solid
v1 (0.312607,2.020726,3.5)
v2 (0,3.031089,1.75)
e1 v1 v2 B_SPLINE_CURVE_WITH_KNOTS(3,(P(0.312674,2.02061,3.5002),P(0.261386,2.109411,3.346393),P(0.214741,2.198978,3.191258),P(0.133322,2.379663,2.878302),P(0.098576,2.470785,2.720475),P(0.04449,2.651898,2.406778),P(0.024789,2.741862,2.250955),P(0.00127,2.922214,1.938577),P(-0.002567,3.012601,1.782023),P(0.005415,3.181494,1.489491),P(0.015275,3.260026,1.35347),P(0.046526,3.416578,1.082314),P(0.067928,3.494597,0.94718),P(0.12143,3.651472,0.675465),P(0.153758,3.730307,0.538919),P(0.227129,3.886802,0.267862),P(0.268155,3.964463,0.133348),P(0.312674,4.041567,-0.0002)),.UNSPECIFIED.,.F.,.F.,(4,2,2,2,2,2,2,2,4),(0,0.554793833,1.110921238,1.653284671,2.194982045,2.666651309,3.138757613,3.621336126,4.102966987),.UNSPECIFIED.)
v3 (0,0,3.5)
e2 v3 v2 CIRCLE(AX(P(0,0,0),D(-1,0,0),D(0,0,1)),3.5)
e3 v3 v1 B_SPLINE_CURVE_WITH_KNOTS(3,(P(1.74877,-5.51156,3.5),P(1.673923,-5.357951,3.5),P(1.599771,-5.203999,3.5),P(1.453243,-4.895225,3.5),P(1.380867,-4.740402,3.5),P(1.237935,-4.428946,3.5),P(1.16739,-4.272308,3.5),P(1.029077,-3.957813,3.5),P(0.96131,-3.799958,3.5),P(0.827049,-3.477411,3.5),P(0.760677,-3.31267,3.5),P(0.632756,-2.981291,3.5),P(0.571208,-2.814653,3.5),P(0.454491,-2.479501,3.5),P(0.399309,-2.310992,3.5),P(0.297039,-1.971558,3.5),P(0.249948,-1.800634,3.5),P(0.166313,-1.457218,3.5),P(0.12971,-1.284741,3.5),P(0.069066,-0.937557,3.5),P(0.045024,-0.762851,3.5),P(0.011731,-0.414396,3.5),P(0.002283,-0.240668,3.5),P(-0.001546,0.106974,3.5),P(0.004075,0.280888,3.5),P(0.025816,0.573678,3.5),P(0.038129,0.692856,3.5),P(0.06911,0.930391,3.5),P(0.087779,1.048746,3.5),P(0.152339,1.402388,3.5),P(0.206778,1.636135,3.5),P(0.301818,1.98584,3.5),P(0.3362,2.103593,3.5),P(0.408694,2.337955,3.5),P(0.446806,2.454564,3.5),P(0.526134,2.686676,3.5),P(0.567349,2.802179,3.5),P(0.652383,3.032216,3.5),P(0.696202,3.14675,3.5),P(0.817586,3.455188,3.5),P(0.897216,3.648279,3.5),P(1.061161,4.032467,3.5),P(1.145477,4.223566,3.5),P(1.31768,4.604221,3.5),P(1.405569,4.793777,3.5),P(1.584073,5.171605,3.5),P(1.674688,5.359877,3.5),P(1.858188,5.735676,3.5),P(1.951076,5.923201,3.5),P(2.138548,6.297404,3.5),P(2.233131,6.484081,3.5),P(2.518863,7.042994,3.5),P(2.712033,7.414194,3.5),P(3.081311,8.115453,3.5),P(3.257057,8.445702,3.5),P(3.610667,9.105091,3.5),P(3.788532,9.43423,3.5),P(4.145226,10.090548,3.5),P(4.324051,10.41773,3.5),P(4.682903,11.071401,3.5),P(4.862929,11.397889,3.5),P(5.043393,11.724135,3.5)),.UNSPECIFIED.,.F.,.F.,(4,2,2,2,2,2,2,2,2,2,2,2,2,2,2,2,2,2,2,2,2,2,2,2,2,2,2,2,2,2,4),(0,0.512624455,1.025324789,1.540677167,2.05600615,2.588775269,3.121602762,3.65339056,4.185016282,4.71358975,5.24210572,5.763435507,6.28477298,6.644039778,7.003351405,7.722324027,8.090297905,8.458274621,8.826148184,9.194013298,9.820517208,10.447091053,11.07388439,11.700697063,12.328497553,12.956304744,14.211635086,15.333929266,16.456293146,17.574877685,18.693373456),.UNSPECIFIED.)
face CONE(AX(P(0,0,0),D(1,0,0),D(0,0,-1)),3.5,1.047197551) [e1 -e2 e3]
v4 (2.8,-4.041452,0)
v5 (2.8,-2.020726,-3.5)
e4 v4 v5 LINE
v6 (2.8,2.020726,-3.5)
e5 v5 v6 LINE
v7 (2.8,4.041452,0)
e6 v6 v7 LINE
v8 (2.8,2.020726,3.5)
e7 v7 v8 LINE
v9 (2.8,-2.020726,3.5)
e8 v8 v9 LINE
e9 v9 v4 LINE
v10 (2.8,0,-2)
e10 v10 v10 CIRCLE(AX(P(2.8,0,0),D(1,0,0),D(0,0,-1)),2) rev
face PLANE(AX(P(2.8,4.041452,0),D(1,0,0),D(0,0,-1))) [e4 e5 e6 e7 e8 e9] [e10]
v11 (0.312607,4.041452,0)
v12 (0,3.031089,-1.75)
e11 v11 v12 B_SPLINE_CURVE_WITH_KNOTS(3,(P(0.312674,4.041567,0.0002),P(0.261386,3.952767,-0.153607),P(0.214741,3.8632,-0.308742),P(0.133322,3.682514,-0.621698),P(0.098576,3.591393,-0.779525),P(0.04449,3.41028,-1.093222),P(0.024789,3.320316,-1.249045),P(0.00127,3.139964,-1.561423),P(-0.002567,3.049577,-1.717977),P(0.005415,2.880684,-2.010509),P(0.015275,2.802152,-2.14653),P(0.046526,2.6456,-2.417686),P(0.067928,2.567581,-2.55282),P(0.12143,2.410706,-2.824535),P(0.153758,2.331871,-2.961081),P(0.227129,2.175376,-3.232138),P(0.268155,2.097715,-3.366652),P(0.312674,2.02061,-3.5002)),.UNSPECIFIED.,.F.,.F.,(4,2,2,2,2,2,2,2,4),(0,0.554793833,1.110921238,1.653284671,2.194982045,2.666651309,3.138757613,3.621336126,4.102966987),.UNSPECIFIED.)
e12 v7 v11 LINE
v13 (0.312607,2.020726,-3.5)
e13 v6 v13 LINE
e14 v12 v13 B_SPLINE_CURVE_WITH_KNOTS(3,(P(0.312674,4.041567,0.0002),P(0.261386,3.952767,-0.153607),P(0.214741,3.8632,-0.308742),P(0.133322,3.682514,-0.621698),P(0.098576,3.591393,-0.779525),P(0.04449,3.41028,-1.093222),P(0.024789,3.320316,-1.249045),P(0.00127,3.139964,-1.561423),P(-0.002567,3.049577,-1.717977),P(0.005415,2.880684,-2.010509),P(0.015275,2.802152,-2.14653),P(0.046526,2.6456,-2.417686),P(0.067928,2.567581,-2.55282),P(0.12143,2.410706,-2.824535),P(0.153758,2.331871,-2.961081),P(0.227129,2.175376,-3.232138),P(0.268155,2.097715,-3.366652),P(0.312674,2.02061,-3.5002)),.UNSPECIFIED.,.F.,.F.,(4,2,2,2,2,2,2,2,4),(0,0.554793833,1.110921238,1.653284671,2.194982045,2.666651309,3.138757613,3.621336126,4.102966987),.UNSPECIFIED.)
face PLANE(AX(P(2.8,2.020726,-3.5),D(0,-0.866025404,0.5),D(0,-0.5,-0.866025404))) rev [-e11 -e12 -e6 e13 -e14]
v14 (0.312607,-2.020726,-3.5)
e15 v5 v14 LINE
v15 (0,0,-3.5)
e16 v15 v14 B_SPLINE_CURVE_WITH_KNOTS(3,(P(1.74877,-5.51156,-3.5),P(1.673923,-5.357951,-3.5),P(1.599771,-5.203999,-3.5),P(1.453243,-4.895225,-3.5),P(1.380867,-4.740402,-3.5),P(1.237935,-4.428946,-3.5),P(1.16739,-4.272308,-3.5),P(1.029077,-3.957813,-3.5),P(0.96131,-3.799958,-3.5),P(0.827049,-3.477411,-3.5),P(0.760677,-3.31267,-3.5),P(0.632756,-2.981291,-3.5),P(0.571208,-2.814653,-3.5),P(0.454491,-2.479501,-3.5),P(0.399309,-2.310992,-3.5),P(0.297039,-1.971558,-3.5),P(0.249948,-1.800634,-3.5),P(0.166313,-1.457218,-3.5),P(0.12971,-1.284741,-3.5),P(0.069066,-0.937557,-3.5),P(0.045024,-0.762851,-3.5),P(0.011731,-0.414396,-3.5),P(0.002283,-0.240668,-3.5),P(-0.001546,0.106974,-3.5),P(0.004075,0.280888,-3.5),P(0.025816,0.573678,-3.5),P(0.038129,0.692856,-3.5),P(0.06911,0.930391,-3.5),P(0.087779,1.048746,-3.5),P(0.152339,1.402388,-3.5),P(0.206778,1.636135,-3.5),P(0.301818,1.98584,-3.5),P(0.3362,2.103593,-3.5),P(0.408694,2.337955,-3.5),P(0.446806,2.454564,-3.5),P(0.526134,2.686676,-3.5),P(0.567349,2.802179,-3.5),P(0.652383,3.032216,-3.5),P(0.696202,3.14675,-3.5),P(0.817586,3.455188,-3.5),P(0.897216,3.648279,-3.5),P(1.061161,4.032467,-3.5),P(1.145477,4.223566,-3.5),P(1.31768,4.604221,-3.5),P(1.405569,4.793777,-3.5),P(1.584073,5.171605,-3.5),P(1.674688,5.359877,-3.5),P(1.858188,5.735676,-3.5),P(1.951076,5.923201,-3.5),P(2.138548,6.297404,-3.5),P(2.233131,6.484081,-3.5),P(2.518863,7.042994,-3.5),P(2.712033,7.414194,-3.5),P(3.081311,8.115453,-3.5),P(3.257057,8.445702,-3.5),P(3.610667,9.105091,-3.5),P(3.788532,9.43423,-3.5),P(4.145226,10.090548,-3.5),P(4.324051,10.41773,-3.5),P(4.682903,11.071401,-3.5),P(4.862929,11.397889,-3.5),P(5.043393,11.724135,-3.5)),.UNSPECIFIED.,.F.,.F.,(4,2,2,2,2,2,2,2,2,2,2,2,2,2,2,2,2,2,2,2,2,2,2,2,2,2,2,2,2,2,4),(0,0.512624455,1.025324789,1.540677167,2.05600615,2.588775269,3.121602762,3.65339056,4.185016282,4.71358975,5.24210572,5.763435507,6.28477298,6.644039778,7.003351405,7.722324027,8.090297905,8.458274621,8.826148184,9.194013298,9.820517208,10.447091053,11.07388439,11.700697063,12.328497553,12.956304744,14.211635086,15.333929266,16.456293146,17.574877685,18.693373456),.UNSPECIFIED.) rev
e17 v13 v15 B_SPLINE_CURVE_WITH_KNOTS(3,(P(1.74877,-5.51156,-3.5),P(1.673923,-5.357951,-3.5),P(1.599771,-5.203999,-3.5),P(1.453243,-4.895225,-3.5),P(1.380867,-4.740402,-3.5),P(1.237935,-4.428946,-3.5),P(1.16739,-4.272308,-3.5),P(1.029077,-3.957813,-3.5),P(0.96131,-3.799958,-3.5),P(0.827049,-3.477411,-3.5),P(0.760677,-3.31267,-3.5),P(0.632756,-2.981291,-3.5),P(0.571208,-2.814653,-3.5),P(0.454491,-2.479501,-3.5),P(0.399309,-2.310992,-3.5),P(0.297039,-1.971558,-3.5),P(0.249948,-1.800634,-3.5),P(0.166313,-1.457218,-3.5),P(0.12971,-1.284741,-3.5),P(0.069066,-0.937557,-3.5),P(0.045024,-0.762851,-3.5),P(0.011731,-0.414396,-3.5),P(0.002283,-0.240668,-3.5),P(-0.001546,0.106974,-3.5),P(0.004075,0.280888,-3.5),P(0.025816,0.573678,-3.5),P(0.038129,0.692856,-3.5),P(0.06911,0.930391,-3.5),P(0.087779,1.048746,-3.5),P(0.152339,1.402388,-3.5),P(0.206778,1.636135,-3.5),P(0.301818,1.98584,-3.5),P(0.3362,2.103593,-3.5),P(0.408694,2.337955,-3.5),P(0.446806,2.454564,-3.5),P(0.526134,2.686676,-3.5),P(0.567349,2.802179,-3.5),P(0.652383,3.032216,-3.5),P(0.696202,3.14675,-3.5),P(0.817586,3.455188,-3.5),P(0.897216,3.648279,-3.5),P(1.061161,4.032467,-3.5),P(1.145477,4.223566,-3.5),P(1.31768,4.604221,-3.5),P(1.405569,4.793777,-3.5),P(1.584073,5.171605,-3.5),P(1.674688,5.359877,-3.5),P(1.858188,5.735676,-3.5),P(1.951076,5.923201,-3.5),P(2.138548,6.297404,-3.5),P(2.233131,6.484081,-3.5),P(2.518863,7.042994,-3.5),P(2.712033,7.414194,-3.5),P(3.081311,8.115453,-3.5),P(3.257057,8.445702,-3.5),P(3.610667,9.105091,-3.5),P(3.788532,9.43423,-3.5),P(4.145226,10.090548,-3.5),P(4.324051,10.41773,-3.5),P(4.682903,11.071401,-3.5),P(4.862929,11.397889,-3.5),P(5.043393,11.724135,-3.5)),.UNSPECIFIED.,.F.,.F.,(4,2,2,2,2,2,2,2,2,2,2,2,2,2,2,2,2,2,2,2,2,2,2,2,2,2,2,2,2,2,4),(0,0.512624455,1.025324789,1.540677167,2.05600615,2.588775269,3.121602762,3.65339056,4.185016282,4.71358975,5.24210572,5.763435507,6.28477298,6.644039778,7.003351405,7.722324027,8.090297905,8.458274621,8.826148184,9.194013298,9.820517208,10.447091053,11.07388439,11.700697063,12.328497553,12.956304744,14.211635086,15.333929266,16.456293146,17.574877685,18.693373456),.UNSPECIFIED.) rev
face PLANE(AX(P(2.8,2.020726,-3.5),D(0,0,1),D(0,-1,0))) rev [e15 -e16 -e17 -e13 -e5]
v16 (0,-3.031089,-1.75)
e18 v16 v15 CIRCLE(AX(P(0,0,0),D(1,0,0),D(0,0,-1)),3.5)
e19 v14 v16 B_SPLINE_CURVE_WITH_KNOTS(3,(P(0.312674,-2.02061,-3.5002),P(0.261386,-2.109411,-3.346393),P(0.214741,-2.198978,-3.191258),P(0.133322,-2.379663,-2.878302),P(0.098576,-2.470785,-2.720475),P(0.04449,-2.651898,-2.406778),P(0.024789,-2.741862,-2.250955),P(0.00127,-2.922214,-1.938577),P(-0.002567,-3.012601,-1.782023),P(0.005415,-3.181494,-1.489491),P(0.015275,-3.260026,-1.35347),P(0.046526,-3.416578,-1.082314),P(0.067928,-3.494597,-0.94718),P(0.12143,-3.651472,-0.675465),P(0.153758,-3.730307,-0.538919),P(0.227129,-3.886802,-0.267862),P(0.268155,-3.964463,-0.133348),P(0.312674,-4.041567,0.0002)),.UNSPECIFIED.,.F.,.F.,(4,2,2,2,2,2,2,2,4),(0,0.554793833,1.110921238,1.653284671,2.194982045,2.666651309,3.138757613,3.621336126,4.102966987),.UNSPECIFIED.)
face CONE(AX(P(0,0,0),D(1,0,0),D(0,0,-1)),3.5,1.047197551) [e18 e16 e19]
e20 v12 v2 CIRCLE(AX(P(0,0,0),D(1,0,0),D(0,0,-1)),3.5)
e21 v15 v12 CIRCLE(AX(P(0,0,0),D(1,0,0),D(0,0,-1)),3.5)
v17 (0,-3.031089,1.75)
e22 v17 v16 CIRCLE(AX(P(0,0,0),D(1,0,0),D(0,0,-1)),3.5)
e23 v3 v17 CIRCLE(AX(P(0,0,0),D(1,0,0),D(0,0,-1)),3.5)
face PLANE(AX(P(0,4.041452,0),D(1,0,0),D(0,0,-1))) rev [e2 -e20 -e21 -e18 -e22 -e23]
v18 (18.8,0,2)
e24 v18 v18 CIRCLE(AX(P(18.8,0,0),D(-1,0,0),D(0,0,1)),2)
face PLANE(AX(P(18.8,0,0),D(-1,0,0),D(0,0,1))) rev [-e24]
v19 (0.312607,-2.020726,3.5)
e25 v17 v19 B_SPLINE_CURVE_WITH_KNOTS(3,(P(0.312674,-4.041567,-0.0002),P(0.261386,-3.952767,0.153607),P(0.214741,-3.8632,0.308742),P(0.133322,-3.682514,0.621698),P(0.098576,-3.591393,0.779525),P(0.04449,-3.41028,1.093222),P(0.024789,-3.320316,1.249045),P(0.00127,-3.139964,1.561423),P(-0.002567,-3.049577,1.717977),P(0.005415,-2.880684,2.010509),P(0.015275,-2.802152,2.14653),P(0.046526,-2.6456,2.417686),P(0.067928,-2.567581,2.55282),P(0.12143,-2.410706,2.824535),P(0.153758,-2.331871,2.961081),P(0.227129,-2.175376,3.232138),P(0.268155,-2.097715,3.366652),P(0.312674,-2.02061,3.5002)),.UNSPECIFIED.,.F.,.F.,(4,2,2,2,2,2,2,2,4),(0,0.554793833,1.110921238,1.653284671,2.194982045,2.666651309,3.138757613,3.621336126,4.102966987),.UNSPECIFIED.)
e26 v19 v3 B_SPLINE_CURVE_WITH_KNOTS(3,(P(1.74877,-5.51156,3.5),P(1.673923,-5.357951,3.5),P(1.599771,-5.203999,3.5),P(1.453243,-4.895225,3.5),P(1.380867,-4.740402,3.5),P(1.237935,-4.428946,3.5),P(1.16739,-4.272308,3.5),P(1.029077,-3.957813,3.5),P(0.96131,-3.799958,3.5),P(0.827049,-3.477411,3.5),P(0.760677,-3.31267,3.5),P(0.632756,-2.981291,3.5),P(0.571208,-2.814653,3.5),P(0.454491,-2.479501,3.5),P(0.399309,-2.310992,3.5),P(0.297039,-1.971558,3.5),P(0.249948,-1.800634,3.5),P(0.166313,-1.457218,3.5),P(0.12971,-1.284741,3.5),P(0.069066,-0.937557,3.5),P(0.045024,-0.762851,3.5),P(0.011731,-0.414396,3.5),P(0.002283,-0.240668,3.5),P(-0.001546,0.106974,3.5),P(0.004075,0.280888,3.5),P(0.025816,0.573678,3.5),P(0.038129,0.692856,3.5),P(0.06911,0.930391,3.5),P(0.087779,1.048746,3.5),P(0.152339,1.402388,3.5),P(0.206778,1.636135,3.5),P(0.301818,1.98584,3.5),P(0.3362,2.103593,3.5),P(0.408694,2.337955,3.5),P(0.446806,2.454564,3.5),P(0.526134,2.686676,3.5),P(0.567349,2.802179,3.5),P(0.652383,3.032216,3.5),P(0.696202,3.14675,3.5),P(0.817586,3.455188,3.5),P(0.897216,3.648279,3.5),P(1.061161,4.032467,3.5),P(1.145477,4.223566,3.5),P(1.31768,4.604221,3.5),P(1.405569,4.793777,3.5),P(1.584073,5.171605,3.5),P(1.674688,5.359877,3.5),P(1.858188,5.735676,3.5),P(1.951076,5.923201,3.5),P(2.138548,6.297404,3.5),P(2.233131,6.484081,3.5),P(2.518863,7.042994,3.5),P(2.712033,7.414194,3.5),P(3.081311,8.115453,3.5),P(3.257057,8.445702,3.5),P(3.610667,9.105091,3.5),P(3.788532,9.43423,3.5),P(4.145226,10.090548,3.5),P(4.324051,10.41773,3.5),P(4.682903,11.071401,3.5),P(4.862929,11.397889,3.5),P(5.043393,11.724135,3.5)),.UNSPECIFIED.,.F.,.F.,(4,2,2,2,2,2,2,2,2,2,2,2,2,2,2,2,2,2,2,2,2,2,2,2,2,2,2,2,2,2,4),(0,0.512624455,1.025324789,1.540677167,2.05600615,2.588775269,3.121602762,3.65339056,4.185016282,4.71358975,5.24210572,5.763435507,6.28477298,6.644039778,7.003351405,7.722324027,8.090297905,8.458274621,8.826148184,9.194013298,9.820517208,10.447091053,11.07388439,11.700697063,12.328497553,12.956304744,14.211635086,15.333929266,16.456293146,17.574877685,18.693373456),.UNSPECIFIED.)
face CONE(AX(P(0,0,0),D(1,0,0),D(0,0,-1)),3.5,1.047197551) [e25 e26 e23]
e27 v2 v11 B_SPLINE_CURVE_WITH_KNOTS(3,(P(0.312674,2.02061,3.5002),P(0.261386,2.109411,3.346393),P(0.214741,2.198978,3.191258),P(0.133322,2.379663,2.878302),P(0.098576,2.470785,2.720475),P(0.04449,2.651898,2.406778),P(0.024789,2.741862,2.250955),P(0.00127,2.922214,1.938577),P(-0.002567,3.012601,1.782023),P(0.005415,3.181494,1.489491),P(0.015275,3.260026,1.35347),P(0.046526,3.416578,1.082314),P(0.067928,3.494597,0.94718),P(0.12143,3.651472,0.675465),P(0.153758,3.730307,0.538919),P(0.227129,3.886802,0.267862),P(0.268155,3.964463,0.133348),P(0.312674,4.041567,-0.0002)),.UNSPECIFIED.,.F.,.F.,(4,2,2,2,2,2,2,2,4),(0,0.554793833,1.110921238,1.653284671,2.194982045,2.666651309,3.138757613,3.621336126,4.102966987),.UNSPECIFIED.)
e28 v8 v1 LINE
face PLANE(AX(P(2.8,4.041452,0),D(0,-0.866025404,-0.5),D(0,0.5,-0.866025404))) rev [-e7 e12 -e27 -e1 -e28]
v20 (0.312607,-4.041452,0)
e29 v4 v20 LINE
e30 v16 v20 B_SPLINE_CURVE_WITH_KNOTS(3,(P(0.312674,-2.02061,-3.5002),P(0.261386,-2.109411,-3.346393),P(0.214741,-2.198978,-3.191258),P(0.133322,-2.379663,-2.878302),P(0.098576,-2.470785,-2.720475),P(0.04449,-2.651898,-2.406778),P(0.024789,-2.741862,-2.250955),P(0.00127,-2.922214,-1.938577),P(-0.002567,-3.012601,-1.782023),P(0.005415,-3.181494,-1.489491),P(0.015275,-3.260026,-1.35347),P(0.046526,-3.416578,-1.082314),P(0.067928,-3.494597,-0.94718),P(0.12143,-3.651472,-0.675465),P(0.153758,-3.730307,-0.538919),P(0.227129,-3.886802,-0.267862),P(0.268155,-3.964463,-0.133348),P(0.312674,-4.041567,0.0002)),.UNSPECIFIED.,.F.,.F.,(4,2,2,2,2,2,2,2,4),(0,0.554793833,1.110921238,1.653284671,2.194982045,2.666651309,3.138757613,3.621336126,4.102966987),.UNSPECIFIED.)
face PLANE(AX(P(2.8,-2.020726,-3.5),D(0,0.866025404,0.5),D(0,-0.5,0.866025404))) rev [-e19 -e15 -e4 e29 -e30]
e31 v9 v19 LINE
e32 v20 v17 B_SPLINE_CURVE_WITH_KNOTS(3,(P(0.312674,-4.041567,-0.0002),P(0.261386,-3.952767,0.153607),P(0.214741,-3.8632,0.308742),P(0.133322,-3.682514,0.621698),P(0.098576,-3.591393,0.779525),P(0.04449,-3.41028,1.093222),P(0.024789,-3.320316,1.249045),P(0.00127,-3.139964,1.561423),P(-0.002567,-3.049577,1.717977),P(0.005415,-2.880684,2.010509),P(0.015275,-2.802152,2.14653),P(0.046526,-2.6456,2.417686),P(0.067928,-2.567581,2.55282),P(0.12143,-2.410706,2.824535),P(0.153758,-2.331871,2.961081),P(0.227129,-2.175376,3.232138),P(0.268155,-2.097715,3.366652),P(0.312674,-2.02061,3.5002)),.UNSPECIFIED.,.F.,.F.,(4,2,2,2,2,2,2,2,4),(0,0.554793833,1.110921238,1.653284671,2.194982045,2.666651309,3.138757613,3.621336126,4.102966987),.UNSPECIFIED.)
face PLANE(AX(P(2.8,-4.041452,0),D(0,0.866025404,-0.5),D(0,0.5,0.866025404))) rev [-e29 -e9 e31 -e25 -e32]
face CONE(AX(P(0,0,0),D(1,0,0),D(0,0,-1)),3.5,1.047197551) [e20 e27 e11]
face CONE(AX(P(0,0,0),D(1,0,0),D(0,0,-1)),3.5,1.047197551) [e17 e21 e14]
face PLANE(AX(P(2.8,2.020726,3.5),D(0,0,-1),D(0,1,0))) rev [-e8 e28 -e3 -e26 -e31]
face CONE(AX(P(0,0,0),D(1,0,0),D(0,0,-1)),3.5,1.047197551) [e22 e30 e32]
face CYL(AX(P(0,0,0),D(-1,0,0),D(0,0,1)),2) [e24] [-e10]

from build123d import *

# Parameters (mm, degrees)
BASEHEAD_DEPTH = 2.8
BODYSKE_W      = 18.8
BODYSKE_H      = 2


with BuildPart() as part:
    # Sketch1 → BaseHead (new body)
    with BuildSketch(Plane(origin=(0, 0, 0), x_dir=(0, 0, -1), z_dir=(1, 0, 0))):
        Polygon((3.5, 2.020725942), (3.5, -2.020725942), (0, -4.041451884), (-3.5, -2.020725942), (-3.5, 2.020725942), (0, 4.041451884), align=None)
    extrude(amount=BASEHEAD_DEPTH)

    # BodySke → BaseBody (revolve)
    with BuildSketch(Plane.XY, mode=Mode.PRIVATE) as basebody_sk:
        with Locations((9.4, 1)):
            Rectangle(BODYSKE_W, BODYSKE_H)
    revolve(basebody_sk.sketch.rotate(Axis((0, 0, 0), (1, 0, 0)), 90), axis=Axis((0, 0, 0), (1, 0, 0)))

    # Sketch3 → HeadChamfer (revolve, cut)
    with BuildSketch(Plane.XY):
        Polygon((0, 3.5), (3.199358737, 9.041451884), (3.199358737, 14.041451884), (-10, 14.041451884), (-10, 3.5), align=None)
    revolve(axis=Axis((0, 0, 0), (1, 0, 0)), mode=Mode.SUBTRACT)


solid = part.part
